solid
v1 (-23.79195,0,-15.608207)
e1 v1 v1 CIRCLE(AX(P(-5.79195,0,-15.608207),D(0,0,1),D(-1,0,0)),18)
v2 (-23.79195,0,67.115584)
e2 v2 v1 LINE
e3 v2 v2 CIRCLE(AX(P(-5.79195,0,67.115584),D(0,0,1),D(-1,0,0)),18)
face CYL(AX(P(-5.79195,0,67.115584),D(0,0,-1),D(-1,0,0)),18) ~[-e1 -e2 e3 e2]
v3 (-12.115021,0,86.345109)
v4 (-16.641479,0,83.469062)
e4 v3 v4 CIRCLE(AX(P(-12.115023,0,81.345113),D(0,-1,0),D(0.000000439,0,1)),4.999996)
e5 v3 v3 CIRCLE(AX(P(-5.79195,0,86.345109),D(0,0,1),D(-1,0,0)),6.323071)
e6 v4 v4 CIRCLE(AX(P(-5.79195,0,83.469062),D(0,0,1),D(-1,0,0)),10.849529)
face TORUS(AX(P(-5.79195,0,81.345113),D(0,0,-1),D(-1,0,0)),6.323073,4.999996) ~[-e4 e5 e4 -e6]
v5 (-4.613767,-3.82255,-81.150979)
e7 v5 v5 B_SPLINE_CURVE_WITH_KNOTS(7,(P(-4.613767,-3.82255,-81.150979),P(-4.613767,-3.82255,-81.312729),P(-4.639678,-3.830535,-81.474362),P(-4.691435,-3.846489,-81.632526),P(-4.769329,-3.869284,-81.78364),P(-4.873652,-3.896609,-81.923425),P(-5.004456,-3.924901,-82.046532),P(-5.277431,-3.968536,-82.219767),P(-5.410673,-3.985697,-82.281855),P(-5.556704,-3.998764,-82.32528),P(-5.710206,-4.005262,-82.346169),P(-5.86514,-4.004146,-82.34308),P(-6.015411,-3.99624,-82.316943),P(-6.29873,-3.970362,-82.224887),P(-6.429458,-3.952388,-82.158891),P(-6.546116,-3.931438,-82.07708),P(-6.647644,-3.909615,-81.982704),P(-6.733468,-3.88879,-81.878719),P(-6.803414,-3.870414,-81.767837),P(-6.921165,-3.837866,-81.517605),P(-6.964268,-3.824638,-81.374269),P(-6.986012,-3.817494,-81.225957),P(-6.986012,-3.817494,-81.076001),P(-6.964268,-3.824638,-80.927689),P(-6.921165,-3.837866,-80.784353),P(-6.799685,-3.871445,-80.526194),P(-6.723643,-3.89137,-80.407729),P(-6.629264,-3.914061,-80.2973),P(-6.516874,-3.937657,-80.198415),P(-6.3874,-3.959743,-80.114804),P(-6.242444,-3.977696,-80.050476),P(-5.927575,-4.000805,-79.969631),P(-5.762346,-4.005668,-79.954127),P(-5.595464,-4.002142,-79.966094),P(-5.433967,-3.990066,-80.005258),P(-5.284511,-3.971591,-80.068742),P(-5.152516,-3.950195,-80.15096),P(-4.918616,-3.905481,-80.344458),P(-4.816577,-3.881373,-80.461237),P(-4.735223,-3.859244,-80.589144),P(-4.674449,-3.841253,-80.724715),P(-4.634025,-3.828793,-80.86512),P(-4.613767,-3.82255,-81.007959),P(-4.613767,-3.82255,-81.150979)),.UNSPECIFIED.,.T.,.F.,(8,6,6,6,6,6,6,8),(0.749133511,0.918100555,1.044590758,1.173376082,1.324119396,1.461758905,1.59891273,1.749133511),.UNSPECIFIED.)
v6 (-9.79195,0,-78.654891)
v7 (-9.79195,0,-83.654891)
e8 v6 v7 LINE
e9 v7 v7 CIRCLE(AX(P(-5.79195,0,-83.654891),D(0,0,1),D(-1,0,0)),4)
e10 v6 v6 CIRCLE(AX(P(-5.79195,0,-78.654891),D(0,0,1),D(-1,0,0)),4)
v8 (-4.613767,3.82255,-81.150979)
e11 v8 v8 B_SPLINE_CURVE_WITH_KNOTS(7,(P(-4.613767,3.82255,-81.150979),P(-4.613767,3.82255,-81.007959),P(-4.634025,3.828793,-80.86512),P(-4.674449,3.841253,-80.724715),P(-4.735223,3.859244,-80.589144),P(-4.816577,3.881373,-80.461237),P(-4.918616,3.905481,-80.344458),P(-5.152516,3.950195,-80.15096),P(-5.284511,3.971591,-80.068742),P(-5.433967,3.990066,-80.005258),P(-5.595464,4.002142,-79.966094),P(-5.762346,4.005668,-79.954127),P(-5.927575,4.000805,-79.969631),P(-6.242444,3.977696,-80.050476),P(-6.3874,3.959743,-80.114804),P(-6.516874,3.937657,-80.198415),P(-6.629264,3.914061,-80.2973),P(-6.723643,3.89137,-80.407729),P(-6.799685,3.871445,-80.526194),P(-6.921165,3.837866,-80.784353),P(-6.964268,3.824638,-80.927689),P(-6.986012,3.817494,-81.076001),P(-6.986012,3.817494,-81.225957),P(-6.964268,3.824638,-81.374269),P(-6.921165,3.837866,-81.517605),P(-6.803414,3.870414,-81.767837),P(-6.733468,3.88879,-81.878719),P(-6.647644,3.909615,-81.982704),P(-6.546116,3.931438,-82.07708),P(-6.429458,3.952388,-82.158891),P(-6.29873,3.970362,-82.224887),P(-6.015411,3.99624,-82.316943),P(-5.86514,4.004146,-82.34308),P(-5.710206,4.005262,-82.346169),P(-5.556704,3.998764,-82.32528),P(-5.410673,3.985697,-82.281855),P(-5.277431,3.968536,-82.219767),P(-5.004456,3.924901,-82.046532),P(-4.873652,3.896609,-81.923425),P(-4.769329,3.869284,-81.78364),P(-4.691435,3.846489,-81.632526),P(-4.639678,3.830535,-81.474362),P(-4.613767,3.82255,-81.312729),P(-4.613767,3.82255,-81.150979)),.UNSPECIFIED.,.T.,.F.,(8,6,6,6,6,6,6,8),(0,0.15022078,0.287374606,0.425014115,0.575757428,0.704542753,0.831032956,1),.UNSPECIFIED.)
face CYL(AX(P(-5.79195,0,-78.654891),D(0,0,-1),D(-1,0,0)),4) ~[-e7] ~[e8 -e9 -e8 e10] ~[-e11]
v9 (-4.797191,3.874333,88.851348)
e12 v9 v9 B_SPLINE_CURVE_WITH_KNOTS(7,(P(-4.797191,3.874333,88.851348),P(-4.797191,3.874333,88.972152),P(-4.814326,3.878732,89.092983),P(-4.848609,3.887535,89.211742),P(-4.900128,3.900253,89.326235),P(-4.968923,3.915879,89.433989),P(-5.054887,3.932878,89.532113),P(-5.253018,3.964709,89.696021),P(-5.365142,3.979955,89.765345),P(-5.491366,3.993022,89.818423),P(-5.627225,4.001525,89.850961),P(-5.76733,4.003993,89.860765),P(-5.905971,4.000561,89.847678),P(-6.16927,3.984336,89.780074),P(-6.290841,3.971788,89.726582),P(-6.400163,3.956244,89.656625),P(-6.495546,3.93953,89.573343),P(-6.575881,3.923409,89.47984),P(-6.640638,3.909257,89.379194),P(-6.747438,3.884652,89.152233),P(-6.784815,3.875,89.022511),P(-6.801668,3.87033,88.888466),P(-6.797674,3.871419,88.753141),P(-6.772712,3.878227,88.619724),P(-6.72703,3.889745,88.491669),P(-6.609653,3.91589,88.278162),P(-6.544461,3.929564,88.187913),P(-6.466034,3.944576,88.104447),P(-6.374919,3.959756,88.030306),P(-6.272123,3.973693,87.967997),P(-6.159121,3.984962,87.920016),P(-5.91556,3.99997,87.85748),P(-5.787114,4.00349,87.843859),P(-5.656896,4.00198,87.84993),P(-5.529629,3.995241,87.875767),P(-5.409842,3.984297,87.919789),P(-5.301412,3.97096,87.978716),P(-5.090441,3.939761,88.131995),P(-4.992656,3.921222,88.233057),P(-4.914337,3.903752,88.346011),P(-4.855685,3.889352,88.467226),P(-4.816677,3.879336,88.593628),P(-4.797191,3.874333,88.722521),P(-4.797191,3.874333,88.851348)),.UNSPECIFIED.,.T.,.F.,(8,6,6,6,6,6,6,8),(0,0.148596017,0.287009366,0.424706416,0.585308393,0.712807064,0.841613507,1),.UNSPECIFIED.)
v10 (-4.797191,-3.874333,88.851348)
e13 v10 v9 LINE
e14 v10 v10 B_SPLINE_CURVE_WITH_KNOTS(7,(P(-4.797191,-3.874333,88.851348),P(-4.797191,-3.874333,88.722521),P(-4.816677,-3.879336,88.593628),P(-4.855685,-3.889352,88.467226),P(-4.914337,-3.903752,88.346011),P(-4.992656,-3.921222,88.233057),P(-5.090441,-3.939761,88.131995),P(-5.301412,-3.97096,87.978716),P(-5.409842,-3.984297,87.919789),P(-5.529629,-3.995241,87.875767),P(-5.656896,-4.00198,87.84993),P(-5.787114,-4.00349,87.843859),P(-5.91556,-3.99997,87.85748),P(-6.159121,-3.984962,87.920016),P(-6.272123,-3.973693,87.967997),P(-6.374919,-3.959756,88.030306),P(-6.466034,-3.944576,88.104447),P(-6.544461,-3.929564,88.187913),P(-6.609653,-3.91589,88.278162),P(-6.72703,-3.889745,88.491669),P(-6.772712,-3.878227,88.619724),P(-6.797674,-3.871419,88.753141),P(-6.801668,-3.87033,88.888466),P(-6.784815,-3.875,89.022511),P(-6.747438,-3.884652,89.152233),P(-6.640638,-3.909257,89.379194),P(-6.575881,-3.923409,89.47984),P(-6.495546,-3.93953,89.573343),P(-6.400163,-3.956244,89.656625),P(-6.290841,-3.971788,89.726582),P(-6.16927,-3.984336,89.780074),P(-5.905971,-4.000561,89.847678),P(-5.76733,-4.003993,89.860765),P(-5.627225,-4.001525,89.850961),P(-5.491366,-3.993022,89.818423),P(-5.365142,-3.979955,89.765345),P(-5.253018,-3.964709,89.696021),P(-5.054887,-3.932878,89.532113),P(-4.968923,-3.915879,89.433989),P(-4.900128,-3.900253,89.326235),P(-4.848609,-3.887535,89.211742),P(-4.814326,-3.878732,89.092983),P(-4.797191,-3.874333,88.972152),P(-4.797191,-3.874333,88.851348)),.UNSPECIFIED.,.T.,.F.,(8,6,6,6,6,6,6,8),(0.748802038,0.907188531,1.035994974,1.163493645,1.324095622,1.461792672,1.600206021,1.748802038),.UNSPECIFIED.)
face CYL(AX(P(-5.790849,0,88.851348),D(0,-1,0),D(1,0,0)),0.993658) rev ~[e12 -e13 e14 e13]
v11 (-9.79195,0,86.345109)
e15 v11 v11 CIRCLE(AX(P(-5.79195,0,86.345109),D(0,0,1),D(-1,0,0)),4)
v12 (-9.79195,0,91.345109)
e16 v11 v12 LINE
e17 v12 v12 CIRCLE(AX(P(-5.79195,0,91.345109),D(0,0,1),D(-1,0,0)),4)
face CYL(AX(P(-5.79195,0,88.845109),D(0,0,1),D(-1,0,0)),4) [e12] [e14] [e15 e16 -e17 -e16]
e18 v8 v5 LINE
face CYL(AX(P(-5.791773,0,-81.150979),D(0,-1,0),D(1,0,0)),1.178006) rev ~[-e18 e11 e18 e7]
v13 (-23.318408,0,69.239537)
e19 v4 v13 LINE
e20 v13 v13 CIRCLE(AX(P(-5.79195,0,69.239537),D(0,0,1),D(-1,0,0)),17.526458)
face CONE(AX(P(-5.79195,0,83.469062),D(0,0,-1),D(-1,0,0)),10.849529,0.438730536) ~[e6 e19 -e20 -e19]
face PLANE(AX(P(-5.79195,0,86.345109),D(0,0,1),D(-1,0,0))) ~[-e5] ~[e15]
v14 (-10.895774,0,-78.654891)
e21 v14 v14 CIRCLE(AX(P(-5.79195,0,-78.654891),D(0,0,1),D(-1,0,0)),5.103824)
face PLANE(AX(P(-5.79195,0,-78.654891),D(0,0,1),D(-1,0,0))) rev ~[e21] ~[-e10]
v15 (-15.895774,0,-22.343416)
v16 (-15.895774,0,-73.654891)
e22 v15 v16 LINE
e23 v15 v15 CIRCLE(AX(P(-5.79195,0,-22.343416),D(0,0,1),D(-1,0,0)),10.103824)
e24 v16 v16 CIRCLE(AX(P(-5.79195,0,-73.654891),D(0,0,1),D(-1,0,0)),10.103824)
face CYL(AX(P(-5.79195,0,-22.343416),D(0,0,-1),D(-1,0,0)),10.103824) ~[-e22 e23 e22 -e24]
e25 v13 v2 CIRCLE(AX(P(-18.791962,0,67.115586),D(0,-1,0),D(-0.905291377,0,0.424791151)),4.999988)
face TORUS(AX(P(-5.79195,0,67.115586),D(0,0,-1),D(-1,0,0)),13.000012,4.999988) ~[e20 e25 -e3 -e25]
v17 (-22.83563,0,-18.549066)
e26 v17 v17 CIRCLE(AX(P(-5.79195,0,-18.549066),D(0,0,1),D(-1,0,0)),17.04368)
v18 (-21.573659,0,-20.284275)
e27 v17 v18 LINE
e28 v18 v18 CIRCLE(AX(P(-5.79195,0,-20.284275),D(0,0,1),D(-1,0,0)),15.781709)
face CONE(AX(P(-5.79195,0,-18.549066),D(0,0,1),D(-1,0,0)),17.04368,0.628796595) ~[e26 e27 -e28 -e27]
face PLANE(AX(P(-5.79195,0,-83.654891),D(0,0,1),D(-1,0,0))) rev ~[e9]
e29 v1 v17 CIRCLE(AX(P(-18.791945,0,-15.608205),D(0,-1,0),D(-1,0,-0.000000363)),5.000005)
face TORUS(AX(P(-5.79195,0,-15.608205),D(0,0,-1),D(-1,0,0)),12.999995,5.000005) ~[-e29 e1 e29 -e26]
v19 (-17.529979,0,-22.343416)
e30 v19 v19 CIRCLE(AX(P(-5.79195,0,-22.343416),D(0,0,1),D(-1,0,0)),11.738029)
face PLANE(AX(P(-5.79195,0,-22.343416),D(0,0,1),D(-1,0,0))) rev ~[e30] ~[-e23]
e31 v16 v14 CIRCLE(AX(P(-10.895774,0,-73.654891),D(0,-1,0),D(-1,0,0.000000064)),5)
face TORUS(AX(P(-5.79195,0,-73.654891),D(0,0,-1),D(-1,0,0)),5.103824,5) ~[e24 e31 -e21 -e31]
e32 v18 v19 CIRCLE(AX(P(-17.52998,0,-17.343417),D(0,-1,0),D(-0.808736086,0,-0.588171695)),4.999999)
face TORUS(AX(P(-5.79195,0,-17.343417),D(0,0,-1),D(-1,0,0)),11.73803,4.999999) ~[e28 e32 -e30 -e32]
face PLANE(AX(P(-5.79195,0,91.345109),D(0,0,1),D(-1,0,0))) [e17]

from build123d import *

# Parameters (mm, degrees)
F0_W     = 4
F0_H     = 5
F2_R     = 0.993658
F2_R_2   = 1.178006
F3_DEPTH = 4


with BuildPart() as f1:
    # F0 (on Front) → F1 (revolve)
    with BuildSketch(Plane.XZ):
        with BuildLine():
            Line((-5.79195, -83.654891), (-5.79195, 86.345109))
            Line((-5.79195, 86.345109), (-9.79195, 86.345109))
            Line((-9.79195, 86.345109), (-12.115021, 86.345109))
            ThreePointArc((-12.115021, 86.345109), (-14.796461, 85.565285), (-16.641479, 83.469062))
            Line((-16.641479, 83.469062), (-23.318408, 69.239537))
            ThreePointArc((-23.318408, 69.239537), (-23.672129, 68.203635), (-23.79195, 67.115584))
            Line((-23.79195, 67.115584), (-23.79195, -15.608207))
            ThreePointArc((-23.79195, -15.608207), (-23.546863, -17.154428), (-22.83563, -18.549066))
            Line((-22.83563, -18.549066), (-21.573659, -20.284275))
            ThreePointArc((-21.573659, -20.284275), (-19.798867, -21.798991), (-17.529979, -22.343416))
            Line((-17.529979, -22.343416), (-15.895774, -22.343416))
            Line((-15.895774, -22.343416), (-15.895774, -73.654891))
            ThreePointArc((-15.895774, -73.654891), (-14.431308, -77.190425), (-10.895774, -78.654891))
            Line((-10.895774, -78.654891), (-9.79195, -78.654891))
            Line((-9.79195, -78.654891), (-9.79195, -83.654891))
            Line((-9.79195, -83.654891), (-5.79195, -83.654891))
        make_face()
        with Locations((-7.79195, 88.845109)):
            Rectangle(F0_W, F0_H)
    revolve(axis=Axis((-5.79195, 0, 1.345109), (0, 0, 1)))

    # F2 (on Front) → F3 (cut, symmetric)
    with BuildSketch(Plane.XZ):
        with Locations((-5.790849, 88.851348)):
            Circle(F2_R)
        with Locations((-5.791773, -81.150979)):
            Circle(F2_R_2)
    extrude(amount=F3_DEPTH, both=True, mode=Mode.SUBTRACT)


solid = f1.part
